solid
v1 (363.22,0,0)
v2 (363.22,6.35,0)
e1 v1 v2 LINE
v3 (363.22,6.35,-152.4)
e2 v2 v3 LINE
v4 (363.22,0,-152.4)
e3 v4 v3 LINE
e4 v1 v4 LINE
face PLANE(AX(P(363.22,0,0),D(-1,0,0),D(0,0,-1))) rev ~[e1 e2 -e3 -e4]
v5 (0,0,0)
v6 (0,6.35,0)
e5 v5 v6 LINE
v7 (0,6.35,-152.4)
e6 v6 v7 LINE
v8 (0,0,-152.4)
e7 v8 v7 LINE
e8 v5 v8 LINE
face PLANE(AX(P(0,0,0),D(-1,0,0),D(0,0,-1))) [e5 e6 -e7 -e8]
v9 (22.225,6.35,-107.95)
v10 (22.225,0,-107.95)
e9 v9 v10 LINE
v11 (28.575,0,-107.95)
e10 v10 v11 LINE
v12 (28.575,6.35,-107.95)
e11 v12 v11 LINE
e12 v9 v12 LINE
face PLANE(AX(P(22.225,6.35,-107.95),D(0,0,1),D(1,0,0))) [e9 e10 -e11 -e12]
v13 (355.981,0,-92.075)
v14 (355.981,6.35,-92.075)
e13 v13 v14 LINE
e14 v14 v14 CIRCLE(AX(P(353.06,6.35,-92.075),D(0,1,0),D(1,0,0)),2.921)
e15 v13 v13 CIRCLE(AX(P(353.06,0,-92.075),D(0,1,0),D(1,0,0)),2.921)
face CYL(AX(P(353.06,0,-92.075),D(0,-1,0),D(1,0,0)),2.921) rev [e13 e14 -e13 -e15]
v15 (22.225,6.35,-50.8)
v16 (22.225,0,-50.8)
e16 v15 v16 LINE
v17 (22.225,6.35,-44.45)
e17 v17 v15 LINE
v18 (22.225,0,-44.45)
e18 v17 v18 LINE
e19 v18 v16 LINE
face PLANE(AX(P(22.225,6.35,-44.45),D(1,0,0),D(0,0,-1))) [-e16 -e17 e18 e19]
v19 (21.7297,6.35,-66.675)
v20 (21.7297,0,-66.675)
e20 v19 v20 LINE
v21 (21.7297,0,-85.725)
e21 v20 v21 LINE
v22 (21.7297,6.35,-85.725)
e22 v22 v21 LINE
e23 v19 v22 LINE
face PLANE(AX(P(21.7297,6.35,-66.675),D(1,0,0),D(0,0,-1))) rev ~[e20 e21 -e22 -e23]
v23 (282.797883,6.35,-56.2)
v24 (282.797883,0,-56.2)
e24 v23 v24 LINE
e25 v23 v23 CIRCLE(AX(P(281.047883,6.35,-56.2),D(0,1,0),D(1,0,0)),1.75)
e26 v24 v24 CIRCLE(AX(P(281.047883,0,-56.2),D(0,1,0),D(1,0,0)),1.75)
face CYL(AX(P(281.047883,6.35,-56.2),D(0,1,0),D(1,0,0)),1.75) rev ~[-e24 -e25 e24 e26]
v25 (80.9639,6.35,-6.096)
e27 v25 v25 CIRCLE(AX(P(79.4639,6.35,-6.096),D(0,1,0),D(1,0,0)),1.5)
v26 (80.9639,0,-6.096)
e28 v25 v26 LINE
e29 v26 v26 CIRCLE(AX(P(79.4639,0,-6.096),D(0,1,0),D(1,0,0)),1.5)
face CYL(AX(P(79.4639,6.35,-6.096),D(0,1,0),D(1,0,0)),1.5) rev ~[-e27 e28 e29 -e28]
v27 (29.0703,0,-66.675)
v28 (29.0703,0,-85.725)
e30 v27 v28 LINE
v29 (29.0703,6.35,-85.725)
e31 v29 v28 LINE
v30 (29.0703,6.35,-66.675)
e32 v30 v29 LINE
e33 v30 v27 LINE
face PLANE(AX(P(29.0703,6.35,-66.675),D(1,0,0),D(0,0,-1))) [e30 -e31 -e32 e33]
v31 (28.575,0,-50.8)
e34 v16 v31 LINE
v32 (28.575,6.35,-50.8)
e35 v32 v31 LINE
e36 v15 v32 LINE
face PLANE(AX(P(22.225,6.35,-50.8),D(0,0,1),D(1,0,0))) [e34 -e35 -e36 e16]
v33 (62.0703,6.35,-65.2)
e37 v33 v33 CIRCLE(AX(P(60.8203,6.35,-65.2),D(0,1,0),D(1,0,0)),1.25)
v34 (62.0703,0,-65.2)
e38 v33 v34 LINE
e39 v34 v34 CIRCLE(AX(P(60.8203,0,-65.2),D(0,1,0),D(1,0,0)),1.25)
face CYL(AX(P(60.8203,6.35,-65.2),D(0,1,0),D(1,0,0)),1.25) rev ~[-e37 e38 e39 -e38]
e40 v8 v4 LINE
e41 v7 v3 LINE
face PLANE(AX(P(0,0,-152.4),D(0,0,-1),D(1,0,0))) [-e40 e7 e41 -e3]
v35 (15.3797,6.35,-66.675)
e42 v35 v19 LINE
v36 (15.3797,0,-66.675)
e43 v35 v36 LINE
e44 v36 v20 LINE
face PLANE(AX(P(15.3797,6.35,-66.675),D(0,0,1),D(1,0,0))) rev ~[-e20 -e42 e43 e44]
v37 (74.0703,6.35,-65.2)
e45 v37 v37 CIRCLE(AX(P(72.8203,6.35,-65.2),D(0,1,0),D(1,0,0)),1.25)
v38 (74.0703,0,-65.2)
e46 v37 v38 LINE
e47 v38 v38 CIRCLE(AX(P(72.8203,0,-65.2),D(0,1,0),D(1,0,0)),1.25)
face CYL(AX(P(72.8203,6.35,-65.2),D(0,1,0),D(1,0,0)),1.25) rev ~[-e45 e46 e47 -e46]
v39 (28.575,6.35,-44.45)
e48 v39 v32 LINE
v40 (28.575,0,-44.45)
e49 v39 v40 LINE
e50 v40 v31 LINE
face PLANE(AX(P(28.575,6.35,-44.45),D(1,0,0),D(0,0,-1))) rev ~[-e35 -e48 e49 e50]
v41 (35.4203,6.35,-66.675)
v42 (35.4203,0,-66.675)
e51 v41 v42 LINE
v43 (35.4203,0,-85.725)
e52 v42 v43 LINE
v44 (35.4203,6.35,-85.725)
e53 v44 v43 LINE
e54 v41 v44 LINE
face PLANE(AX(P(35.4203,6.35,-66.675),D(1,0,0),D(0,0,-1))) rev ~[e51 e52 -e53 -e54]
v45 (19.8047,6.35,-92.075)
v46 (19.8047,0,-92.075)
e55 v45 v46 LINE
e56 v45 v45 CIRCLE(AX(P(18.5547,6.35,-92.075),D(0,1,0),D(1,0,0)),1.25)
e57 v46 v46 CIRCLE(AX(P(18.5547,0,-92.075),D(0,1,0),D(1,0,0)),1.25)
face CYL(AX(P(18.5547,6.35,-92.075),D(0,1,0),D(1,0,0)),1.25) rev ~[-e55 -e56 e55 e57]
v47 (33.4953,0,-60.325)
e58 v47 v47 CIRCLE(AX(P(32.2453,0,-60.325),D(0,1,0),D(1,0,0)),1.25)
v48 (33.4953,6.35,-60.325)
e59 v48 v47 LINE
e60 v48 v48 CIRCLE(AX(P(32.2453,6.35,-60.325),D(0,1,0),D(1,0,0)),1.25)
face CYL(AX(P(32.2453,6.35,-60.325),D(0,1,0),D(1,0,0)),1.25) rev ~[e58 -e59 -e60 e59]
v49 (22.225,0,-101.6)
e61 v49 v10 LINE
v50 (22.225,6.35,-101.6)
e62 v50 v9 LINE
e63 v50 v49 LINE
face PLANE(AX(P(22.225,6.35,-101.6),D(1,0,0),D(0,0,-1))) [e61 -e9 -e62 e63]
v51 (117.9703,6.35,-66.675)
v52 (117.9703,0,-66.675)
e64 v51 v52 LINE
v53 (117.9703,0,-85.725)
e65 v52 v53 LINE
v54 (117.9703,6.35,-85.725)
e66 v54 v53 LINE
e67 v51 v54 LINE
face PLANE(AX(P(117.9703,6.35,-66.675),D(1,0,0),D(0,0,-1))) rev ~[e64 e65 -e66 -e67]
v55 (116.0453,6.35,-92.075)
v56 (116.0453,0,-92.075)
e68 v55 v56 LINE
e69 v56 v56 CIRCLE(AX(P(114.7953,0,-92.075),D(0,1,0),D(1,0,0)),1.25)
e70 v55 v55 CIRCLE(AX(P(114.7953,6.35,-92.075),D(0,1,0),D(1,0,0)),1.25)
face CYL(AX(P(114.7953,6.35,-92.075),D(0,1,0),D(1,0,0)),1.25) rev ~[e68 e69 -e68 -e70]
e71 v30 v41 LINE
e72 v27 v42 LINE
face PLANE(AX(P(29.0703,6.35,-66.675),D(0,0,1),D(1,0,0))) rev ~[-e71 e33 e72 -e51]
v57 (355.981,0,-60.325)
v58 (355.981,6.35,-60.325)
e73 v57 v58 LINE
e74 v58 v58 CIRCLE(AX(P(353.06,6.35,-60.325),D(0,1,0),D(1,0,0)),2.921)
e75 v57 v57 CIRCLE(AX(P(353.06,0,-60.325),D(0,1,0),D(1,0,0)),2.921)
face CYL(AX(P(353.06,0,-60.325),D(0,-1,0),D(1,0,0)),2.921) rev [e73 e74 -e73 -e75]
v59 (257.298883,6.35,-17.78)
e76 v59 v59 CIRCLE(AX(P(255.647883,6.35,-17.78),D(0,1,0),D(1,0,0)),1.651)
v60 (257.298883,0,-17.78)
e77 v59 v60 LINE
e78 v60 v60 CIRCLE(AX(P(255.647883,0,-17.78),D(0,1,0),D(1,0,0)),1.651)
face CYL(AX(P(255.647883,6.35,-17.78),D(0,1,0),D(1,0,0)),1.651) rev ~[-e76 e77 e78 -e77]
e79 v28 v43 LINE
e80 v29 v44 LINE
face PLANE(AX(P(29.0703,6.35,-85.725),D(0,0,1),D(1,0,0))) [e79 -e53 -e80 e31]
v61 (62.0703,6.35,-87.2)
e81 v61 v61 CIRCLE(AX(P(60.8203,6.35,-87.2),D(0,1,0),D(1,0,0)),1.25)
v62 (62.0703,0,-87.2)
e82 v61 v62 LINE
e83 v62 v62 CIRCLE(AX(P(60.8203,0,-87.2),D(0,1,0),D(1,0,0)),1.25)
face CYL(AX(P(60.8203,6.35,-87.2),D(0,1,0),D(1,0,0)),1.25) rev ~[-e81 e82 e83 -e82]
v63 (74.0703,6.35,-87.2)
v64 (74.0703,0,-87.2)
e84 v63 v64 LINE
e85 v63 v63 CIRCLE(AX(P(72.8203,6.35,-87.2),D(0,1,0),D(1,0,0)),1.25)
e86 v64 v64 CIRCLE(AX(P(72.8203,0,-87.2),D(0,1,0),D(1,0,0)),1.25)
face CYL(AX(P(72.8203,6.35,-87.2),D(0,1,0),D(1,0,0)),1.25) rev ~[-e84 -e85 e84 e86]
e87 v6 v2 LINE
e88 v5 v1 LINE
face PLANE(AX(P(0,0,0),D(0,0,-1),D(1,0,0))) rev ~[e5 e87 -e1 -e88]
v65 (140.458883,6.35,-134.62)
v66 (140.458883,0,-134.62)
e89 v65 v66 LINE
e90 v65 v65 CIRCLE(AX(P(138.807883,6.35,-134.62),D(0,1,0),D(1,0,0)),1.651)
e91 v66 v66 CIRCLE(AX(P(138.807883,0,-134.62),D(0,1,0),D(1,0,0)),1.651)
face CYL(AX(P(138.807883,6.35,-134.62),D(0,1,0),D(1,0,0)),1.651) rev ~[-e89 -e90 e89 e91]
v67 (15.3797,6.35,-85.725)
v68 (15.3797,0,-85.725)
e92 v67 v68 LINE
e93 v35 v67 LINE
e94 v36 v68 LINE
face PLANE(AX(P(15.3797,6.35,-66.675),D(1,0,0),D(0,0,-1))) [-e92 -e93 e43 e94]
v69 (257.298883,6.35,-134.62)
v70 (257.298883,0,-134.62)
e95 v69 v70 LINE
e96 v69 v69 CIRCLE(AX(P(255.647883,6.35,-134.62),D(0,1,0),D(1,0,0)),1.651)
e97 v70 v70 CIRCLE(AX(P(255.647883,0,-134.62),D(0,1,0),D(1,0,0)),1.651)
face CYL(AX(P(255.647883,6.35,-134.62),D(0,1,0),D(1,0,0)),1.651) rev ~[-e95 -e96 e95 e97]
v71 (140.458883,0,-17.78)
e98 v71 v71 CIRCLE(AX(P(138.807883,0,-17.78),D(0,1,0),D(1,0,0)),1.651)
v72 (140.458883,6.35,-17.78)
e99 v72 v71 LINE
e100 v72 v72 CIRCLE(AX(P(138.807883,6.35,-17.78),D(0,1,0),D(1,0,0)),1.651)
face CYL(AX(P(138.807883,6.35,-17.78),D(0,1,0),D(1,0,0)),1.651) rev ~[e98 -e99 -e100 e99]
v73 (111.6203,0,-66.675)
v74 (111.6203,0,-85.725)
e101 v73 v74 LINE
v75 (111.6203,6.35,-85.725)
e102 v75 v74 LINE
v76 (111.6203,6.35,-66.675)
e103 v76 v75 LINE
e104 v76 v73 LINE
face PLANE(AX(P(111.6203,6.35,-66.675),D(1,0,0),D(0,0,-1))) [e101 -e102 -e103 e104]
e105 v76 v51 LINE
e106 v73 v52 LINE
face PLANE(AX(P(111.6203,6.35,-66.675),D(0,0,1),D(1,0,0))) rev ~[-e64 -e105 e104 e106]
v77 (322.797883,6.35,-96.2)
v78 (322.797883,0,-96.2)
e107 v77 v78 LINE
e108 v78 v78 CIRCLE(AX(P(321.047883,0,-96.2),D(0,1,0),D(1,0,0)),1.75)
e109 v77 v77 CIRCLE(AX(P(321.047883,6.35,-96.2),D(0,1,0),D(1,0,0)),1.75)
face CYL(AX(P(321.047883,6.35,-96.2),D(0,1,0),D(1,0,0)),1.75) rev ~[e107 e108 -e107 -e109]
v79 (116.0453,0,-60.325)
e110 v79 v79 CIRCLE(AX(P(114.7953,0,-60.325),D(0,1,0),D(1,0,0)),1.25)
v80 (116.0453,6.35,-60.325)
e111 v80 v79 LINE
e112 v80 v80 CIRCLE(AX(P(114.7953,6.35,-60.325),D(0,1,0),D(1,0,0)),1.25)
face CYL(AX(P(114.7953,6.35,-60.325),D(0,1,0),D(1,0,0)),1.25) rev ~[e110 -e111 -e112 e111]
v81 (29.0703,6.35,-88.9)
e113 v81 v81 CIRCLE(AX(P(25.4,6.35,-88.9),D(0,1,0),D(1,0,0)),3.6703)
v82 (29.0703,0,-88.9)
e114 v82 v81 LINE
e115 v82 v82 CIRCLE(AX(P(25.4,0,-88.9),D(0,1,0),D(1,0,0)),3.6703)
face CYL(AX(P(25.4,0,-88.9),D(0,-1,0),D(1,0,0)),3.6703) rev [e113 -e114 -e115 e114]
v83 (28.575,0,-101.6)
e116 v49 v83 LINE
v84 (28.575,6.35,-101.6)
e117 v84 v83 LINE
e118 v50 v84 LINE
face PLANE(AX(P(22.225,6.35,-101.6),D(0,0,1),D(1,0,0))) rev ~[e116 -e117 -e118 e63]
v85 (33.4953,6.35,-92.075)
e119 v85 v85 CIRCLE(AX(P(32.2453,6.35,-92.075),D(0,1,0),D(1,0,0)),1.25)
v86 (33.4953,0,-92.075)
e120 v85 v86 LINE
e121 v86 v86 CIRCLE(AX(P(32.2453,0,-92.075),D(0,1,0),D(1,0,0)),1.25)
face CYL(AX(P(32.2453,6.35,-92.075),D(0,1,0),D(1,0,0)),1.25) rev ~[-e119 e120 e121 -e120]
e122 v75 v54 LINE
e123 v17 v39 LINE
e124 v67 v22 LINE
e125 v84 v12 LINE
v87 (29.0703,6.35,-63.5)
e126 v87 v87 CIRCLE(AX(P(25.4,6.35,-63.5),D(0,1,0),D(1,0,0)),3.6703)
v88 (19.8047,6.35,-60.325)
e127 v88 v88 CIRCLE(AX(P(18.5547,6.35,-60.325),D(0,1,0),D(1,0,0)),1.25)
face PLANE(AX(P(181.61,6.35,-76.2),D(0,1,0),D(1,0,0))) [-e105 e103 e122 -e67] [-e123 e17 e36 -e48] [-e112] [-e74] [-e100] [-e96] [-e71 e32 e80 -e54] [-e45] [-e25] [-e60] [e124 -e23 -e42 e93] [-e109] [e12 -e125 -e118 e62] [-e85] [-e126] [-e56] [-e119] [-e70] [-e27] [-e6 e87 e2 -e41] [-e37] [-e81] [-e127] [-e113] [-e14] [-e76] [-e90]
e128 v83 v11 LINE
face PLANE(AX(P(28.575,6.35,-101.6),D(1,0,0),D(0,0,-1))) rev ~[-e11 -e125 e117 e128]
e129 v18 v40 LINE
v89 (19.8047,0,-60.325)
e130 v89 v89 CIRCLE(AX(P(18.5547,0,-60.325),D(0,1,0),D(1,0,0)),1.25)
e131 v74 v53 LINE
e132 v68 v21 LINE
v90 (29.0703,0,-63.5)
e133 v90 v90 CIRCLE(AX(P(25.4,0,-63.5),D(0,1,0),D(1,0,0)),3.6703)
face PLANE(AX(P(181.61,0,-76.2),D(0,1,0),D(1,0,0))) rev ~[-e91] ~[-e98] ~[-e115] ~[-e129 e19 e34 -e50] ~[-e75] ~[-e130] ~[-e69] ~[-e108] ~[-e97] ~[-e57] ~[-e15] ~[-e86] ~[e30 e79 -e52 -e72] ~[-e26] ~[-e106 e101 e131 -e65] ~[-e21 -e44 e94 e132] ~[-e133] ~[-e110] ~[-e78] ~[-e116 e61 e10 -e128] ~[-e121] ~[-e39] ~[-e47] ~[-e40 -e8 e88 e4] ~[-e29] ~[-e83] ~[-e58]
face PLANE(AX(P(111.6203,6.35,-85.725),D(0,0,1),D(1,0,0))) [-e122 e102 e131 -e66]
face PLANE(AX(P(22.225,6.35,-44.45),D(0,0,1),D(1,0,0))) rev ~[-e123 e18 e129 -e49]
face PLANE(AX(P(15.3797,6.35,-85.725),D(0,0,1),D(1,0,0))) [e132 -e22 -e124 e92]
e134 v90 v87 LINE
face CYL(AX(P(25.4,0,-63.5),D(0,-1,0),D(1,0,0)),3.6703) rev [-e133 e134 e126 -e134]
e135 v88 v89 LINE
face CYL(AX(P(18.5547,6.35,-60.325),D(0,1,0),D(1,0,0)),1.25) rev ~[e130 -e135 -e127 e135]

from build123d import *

# Parameters (mm, degrees)
SKETCH1_W           = 363.22
SKETCH1_H           = 152.4
SKETCH1_R           = 3.6703
SKETCH1_R_2         = 2.921
BOSS_EXTRUDE1_DEPTH = 6.35
SKETCH2_W           = 6.35
SKETCH2_H           = 6.35
SKETCH2_H_2         = 19.05000003
SKETCH2_H_3         = 19.05
CUT_EXTRUDE1_DEPTH  = 7.35
SKETCH5_R           = 1.5
CUT_EXTRUDE2_DEPTH  = 7.35
SKETCH7_R           = 1.651
CUT_EXTRUDE3_DEPTH  = 7.35
SKETCH8_R           = 1.75
CUT_EXTRUDE4_DEPTH  = 7.35
SKETCH9_R           = 1.25
CUT_EXTRUDE5_DEPTH  = 7.35
SKETCH10_R          = 1.25
CUT_EXTRUDE6_DEPTH  = 7.35


with BuildPart() as part:
    # Sketch1 → Boss-Extrude1 (new body)
    with BuildSketch(Plane(origin=(0, 0, 0), x_dir=(1, 0, 0), z_dir=(0, 1, 0))):
        with Locations((181.61, 76.2)):
            Rectangle(SKETCH1_W, SKETCH1_H)
        with Locations((25.4, 63.5)):
            Circle(SKETCH1_R, mode=Mode.SUBTRACT)
        with Locations((25.4, 88.9)):
            Circle(SKETCH1_R, mode=Mode.SUBTRACT)
        with Locations((353.06, 60.325)):
            Circle(SKETCH1_R_2, mode=Mode.SUBTRACT)
        with Locations((353.06, 92.075)):
            Circle(SKETCH1_R_2, mode=Mode.SUBTRACT)
    extrude(amount=BOSS_EXTRUDE1_DEPTH)

    # Sketch2 → Cut-Extrude1 (cut, through all)
    with BuildSketch(Plane(origin=(0, 6.35, 0), x_dir=(1, 0, 0), z_dir=(0, 1, 0))):
        with Locations((25.4, 104.775)):
            Rectangle(SKETCH2_W, SKETCH2_H)
        with Locations((25.4, 47.625)):
            Rectangle(SKETCH2_W, SKETCH2_H)
        with Locations((32.2453, 76.2)):
            Rectangle(SKETCH2_W, SKETCH2_H_2)
        with Locations((18.5547, 76.199999985)):
            Rectangle(SKETCH2_W, SKETCH2_H_3)
        with Locations((114.7953, 76.2)):
            Rectangle(SKETCH2_W, SKETCH2_H_2)
    extrude(amount=-CUT_EXTRUDE1_DEPTH, mode=Mode.SUBTRACT)

    # Sketch5 → Cut-Extrude2 (cut, through all)
    with BuildSketch(Plane(origin=(0, 6.35, 0), x_dir=(1, 0, 0), z_dir=(0, 1, 0))):
        with Locations((79.4639, 6.096)):
            Circle(SKETCH5_R)
    extrude(amount=-CUT_EXTRUDE2_DEPTH, mode=Mode.SUBTRACT)

    # Sketch7 → Cut-Extrude3 (cut, through all)
    with BuildSketch(Plane(origin=(0, 6.35, 0), x_dir=(1, 0, 0), z_dir=(0, 1, 0))):
        with Locations((138.807883042, 134.62)):
            Circle(SKETCH7_R)
        with Locations((255.647883042, 134.62)):
            Circle(SKETCH7_R)
        with Locations((255.647883042, 17.78)):
            Circle(SKETCH7_R)
        with Locations((138.807883042, 17.78)):
            Circle(SKETCH7_R)
    extrude(amount=-CUT_EXTRUDE3_DEPTH, mode=Mode.SUBTRACT)

    # Sketch8 → Cut-Extrude4 (cut, through all)
    with BuildSketch(Plane(origin=(0, 6.35, 0), x_dir=(1, 0, 0), z_dir=(0, 1, 0))):
        with Locations((321.047883042, 96.2)):
            Circle(SKETCH8_R)
        with Locations((281.047883042, 56.2)):
            Circle(SKETCH8_R)
    extrude(amount=-CUT_EXTRUDE4_DEPTH, mode=Mode.SUBTRACT)

    # Sketch9 → Cut-Extrude5 (cut, through all)
    with BuildSketch(Plane(origin=(0, 6.35, 0), x_dir=(1, 0, 0), z_dir=(0, 1, 0))):
        with Locations((18.5547, 92.074999985)):
            Circle(SKETCH9_R)
        with Locations((32.2453, 92.075000015)):
            Circle(SKETCH9_R)
        with Locations((32.2453, 60.324999985)):
            Circle(SKETCH9_R)
        with Locations((18.5547, 60.324999985)):
            Circle(SKETCH9_R)
        with Locations((114.7953, 92.075000015)):
            Circle(SKETCH9_R)
        with Locations((114.7953, 60.324999985)):
            Circle(SKETCH9_R)
    extrude(amount=-CUT_EXTRUDE5_DEPTH, mode=Mode.SUBTRACT)

    # Sketch10 → Cut-Extrude6 (cut, through all)
    with BuildSketch(Plane(origin=(0, 6.35, 0), x_dir=(1, 0, 0), z_dir=(0, 1, 0))):
        with Locations((60.8203, 87.2)):
            Circle(SKETCH10_R)
        with Locations((72.8203, 87.2)):
            Circle(SKETCH10_R)
        with Locations((72.8203, 65.2)):
            Circle(SKETCH10_R)
        with Locations((60.8203, 65.2)):
            Circle(SKETCH10_R)
    extrude(amount=-CUT_EXTRUDE6_DEPTH, mode=Mode.SUBTRACT)


solid = part.part
